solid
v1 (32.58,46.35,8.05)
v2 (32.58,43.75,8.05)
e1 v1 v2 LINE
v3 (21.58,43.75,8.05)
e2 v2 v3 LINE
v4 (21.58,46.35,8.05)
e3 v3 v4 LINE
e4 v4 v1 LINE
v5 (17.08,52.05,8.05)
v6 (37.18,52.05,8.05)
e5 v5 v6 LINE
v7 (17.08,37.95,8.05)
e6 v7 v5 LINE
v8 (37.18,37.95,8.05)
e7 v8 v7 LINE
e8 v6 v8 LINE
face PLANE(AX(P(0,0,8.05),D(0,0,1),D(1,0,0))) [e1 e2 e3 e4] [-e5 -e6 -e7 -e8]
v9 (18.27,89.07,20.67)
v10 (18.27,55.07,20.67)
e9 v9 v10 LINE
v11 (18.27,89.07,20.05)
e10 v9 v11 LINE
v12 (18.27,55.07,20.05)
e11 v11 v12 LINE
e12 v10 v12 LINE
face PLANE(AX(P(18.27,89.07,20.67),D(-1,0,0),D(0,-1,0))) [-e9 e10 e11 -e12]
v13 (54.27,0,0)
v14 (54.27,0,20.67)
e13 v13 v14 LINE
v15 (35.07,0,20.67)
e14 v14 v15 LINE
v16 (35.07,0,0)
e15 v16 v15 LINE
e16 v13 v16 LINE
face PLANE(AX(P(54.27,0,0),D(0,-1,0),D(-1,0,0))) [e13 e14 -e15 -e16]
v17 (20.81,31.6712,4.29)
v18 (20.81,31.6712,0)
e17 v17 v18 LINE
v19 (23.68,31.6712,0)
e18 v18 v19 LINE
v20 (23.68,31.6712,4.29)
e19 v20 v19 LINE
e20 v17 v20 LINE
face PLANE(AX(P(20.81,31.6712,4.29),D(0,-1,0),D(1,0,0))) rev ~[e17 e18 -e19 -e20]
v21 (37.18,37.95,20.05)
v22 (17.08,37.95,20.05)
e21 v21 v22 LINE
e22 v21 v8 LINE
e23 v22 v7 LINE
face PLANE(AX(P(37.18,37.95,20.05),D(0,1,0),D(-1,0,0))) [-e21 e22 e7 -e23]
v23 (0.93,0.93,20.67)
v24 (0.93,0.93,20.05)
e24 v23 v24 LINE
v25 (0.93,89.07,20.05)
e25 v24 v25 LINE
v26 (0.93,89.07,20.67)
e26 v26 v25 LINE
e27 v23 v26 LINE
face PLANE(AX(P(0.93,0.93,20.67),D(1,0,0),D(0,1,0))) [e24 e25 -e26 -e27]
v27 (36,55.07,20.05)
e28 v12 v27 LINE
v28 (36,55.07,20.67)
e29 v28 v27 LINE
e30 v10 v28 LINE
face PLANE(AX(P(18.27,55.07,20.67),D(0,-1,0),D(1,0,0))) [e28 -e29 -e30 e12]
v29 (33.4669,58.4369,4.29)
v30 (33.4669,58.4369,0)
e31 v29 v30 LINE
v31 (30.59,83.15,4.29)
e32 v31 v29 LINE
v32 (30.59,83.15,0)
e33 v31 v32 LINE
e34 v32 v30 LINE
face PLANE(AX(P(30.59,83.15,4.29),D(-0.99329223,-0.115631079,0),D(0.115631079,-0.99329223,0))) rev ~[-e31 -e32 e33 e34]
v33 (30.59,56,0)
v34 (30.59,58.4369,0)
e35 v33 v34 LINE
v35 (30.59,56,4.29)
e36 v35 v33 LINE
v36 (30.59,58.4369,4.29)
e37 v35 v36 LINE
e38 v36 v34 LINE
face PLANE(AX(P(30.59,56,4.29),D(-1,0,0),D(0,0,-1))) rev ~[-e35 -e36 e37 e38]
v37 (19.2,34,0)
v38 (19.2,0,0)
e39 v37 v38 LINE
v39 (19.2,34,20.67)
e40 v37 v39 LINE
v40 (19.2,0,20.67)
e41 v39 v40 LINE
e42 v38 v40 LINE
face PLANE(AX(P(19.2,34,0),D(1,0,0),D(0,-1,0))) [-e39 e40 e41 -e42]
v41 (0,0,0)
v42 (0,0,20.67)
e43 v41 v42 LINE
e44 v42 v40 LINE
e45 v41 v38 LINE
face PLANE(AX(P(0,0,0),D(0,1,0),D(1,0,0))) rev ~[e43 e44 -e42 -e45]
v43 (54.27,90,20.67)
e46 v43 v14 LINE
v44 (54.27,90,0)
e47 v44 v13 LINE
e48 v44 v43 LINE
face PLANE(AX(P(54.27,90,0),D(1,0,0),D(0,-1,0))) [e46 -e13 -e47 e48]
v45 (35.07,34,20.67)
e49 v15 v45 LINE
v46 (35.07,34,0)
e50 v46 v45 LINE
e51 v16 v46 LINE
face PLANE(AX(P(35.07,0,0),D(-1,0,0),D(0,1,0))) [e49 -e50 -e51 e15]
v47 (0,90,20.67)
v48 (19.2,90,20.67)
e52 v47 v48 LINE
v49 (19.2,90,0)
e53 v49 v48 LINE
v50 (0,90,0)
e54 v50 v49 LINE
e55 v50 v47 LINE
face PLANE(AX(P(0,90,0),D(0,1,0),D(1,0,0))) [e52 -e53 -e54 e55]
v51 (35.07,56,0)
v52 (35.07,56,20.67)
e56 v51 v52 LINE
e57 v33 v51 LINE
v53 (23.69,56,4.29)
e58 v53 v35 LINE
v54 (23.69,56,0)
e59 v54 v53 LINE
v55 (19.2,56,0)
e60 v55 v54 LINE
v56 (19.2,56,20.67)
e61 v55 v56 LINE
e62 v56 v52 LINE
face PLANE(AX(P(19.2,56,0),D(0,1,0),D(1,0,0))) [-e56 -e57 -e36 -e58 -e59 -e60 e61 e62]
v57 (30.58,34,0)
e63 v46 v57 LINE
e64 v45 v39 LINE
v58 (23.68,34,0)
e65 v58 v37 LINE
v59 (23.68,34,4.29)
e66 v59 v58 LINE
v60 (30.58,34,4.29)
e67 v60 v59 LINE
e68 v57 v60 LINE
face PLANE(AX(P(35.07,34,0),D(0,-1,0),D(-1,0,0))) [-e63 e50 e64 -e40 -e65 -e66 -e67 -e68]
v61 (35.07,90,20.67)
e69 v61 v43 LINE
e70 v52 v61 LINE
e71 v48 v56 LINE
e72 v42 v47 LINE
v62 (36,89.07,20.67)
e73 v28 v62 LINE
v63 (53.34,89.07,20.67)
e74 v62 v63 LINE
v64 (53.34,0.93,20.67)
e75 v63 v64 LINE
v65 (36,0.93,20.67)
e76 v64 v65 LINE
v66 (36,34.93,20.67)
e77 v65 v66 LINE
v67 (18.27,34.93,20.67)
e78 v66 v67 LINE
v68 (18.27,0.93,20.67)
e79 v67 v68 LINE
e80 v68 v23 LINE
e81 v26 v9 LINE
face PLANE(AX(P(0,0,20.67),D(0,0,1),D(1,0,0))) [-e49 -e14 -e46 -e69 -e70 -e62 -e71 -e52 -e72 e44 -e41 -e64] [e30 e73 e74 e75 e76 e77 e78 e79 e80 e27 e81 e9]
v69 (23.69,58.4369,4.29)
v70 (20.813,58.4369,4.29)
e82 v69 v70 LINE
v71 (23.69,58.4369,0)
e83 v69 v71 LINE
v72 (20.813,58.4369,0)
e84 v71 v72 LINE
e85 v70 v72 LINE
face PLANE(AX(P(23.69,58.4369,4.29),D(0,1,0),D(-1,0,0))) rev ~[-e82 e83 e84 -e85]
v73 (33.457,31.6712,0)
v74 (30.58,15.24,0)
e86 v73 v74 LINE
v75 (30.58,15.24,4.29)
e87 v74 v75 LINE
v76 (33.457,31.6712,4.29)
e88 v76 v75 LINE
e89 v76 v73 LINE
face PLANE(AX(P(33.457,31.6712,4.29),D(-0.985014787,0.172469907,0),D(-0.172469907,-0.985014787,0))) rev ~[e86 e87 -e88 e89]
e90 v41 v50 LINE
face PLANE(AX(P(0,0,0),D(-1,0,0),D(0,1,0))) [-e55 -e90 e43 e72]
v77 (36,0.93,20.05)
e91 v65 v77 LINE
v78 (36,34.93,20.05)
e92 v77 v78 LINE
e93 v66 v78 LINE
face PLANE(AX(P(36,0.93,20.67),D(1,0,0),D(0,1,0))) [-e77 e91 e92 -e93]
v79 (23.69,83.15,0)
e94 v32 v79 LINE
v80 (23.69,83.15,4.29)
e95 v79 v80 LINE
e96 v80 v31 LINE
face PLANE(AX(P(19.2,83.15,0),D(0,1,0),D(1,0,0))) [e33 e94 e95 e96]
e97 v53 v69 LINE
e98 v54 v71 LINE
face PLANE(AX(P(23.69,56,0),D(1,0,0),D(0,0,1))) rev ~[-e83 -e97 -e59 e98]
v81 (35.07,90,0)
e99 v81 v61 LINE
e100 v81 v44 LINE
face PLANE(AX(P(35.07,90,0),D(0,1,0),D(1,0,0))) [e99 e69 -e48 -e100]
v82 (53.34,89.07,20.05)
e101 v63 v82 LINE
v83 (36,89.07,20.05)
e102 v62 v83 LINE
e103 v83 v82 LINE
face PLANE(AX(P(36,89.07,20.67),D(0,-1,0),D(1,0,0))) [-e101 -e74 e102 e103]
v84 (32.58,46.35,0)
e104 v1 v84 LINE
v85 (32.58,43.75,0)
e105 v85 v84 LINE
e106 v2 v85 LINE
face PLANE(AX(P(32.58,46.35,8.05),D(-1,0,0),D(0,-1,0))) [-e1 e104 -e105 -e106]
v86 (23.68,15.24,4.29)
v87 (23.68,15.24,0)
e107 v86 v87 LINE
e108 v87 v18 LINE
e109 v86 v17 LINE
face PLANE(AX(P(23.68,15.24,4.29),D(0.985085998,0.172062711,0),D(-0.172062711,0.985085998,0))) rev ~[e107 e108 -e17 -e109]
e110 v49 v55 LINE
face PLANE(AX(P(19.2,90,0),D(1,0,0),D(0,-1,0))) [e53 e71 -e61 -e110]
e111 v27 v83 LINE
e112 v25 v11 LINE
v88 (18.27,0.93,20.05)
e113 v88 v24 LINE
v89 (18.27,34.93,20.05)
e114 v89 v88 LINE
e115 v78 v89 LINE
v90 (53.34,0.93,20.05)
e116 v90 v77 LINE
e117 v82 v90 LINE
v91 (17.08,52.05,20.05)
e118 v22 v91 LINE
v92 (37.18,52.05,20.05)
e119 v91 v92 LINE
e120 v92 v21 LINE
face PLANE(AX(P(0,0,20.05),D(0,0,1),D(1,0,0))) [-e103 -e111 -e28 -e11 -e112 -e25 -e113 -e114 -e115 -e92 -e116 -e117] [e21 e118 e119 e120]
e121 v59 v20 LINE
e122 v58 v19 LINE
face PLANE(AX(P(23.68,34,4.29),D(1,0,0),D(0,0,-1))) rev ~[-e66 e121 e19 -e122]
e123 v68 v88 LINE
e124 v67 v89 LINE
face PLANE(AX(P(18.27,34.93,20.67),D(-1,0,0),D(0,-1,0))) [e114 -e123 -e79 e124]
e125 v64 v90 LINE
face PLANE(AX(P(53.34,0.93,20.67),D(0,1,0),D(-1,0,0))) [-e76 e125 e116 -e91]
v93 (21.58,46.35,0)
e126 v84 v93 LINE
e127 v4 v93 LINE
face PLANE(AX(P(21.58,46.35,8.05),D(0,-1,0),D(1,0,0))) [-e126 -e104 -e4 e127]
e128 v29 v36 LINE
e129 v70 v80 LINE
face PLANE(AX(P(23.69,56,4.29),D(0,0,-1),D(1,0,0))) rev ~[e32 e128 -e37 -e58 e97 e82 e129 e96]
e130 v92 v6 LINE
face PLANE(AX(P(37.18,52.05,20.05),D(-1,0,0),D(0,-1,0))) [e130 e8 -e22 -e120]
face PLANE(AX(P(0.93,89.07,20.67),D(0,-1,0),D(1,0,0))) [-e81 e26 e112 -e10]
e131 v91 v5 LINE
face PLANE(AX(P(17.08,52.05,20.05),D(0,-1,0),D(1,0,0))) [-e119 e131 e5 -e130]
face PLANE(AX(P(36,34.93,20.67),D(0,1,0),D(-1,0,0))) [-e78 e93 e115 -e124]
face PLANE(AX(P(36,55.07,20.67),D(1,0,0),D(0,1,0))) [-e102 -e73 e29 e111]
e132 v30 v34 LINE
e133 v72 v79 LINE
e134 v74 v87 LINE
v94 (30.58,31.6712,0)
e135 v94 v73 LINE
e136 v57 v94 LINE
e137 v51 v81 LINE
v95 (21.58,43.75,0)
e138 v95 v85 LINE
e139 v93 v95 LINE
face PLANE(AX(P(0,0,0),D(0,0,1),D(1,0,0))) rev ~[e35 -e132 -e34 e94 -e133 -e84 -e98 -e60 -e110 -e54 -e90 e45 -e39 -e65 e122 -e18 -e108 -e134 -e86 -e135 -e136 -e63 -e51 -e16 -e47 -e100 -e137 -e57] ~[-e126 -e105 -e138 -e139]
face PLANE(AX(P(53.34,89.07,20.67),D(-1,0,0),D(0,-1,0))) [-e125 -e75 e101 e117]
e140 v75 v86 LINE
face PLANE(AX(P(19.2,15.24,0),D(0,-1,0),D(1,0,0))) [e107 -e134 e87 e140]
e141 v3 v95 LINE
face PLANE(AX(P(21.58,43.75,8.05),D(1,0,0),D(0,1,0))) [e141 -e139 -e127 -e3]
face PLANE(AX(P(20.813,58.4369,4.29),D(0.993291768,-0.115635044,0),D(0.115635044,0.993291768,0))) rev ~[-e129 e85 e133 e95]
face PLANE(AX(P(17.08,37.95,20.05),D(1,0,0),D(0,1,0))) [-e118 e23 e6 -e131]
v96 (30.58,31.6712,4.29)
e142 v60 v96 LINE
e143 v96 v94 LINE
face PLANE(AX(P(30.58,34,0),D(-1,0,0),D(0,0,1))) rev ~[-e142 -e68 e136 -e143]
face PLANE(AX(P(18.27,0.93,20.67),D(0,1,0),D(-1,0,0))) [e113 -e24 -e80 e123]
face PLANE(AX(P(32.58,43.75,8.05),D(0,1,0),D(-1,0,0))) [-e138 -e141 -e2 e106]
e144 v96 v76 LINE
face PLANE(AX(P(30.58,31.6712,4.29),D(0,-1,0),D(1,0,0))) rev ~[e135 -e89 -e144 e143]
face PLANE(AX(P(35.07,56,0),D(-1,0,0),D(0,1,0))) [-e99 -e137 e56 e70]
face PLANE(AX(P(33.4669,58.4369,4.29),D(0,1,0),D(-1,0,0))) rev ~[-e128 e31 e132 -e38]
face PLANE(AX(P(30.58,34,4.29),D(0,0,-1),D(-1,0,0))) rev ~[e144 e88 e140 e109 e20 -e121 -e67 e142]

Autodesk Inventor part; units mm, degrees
ref_plane "YZ Plane" through (0, 0, 0) normal (1, 0, 0) x (0, 1, 0)
ref_plane "XZ Plane" through (0, 0, 0) normal (0, 1, 0) x (-1, 0, 0)
ref_plane "XY Plane" through (0, 0, 0) normal (0, 0, 1) x (1, 0, 0)
sketch "Sketch1" plane through (0, 0, 0) normal (0, 0, 1) x (1, 0, 0)
  line L0 (0, 0) -> (0, 90)
  line L1 (0, 90) -> (19.2, 90)
  line L2 (19.2, 90) -> (19.2, 56)
  line L3 (19.2, 56) -> (35.07, 56)
  line L4 (35.07, 56) -> (35.07, 90)
  line L5 (35.07, 90) -> (54.27, 90)
  line L6 (54.27, 90) -> (54.27, 0)
  line L7 (54.27, 0) -> (35.07, 0)
  line L8 (35.07, 0) -> (35.07, 34)
  line L9 (35.07, 34) -> (19.2, 34)
  line L10 (19.2, 34) -> (19.2, 0)
  line L11 (0, 0) -> (19.2, 0)
  dimension "d0" = 90
  dimension "d1" = 19.2
  dimension "d2" = 34
  dimension "d3" = 15.87
  dimension "d4" = 19.2
  dimension "d5" = 34
  dimension "d37" = 22
extrude "Extrusion1" add sketch "Sketch1" along normal blind 20.67
sketch "Sketch2" plane through (19.2, 56, 0) normal (0, 1, 0) x (1, 0, 0)
  line L0 (15.87, 0) -> (0, 0) projected
  line L1 (11.39, 0) -> (4.49, 0)
  line L2 (4.49, 0) -> (4.49, -4.29)
  line L3 (4.49, -4.29) -> (11.39, -4.29)
  line L4 (11.39, -4.29) -> (11.39, 0)
  point P0 (-19.2, 0)
  dimension "d8" = 6.9
  dimension "d9" = 4.29
extrude "Extrusion2" add sketch "Sketch2" along normal blind 27.15
sketch "Sketch3" plane through (23.69, 56, 4.29) normal (0, 0, 1) x (1, 0, 0)
  line L0 (6.9, 0) -> (0, 0) projected
  line L1 (0, 27.15) -> (6.9, 27.15) projected
  line L2 (0, 0) -> (0, 27.15) projected
  line L3 (6.9, 27.15) -> (9.7769, 2.4369)
  line L4 (6.9, 27.15) -> (31.78, 27.15) construction
  line L5 (9.7769, 2.4369) -> (6.9, 2.4369)
  line L6 (6.9, 0) -> (6.9, 27.15) projected
  line L7 (0, 2.4369) -> (-2.877, 2.4369)
  line L8 (-2.877, 2.4369) -> (0, 27.15)
  point P0 (-23.69, -56)
  dimension "d12" = 24.88
  dimension "d13" = 83.36
  dimension "d14" = 2.877
extrude "Extrusion3" add sketch "Sketch3" against normal blind 4.29
sketch "Sketch4" plane through (19.2, 34, 0) normal (0, -1, 0) x (1, 0, 0)
  line L0 (0, 0) -> (0, 20.67) projected
  line L1 (0, 0) -> (4.49, 0) projected
  line L2 (4.48, 0) -> (11.38, 0)
  line L3 (11.38, 0) -> (11.38, 4.29)
  line L4 (11.38, 4.29) -> (4.48, 4.29)
  line L5 (4.48, 4.29) -> (4.48, 0)
  point P0 (-19.2, 0)
  dimension "d17" = 6.9
  dimension "d18" = 4.29
  dimension "d19" = 4.48
extrude "Extrusion4" add sketch "Sketch4" along normal blind 18.76
sketch "Sketch5" plane through (23.68, 34, 4.29) normal (0, 0, 1) x (1, 0, 0)
  line L0 (0, 0) -> (6.9, 0) projected
  line L1 (0, 0) -> (0, -18.76) projected
  line L2 (6.9, -18.76) -> (0, -18.76) projected
  line L3 (0, -18.76) -> (-2.87, -2.3288)
  line L4 (-4.48, -34) -> (-4.48, 0) projected
  line L5 (-2.87, -2.3288) -> (0, -2.3288)
  line L6 (6.9, 0) -> (6.9, -18.76) projected
  line L7 (6.9, -2.3288) -> (9.777, -2.3288)
  line L8 (9.777, -2.3288) -> (6.9, -18.76)
  point P0 (-23.68, -34)
  dimension "d22" = 16.68
  dimension "d23" = 1.61
  dimension "d24" = 2.877
extrude "Extrusion5" add sketch "Sketch5" against normal blind 4.29
sketch "Sketch6" plane through (0, 0, 20.67) normal (0, 0, 1) x (1, 0, 0)
  line L0 (0.93, 0.93) -> (0.93, 89.07)
  line L1 (0, 90) -> (19.2, 90) projected
  line L2 (0.93, 89.07) -> (18.27, 89.07)
  line L3 (18.27, 89.07) -> (18.27, 55.07)
  line L4 (18.27, 55.07) -> (36, 55.07)
  line L5 (36, 55.07) -> (36, 89.07)
  line L6 (36, 89.07) -> (53.34, 89.07)
  line L7 (53.34, 89.07) -> (53.34, 0.93)
  line L8 (53.34, 0.93) -> (36, 0.93)
  line L9 (36, 0.93) -> (36, 34.93)
  line L10 (36, 34.93) -> (18.27, 34.93)
  line L11 (18.27, 34.93) -> (18.27, 0.93)
  line L12 (18.27, 0.93) -> (0.93, 0.93)
  line L13 (35.07, 56) -> (19.2, 56) projected
  dimension "d27" = 88.14
  dimension "d28" = 17.34
  dimension "d29" = 34
  dimension "d30" = 17.73
  dimension "d31" = 34
  dimension "d32" = 17.34
  dimension "d33" = 88.14
  dimension "d34" = 34
  dimension "d38" = 0.93
  dimension "d39" = 0.93
extrude "Extrusion6" cut sketch "Sketch6" against normal blind 0.62
sketch "Sketch7" plane through (0, 0, 20.05) normal (0, 0, 1) x (1, 0, 0)
  line L0 (0.93, 0.93) -> (0.93, 89.07) projected
  line L1 (36, 34.93) -> (18.27, 34.93) projected
  line L2 (53.34, 89.07) -> (53.34, 0.93) projected
  line L3 (18.27, 55.07) -> (36, 55.07) projected
  line L4 (17.08, 52.05) -> (37.18, 52.05)
  line L5 (37.18, 52.05) -> (37.18, 37.95)
  line L6 (37.18, 37.95) -> (17.08, 37.95)
  line L7 (17.08, 37.95) -> (17.08, 52.05)
  point P0 (0, 0)
  dimension "d40" = 14.1
  dimension "d41" = 20.1
  dimension "d42" = 3.02
  dimension "d43" = 3.02
  dimension "d44" = 16.15
  dimension "d45" = 16.16
extrude "Extrusion7" cut sketch "Sketch7" against normal blind 12
sketch "Sketch8" plane through (0, 0, 8.05) normal (0, 0, 1) x (1, 0, 0)
  line L0 (17.08, 52.05) -> (37.18, 52.05) projected
  line L1 (17.08, 37.95) -> (17.08, 52.05) projected
  line L2 (21.58, 46.35) -> (32.58, 46.35)
  line L3 (32.58, 46.35) -> (32.58, 43.75)
  line L4 (32.58, 43.75) -> (21.58, 43.75)
  line L5 (21.58, 43.75) -> (21.58, 46.35)
  point P0 (0, 0)
  dimension "d48" = 11
  dimension "d49" = 2.6
  dimension "d50" = 5.7
  dimension "d51" = 4.5
extrude "Extrusion8" cut sketch "Sketch8" against normal up to next
properties part number "Gebouw Helix V1"
